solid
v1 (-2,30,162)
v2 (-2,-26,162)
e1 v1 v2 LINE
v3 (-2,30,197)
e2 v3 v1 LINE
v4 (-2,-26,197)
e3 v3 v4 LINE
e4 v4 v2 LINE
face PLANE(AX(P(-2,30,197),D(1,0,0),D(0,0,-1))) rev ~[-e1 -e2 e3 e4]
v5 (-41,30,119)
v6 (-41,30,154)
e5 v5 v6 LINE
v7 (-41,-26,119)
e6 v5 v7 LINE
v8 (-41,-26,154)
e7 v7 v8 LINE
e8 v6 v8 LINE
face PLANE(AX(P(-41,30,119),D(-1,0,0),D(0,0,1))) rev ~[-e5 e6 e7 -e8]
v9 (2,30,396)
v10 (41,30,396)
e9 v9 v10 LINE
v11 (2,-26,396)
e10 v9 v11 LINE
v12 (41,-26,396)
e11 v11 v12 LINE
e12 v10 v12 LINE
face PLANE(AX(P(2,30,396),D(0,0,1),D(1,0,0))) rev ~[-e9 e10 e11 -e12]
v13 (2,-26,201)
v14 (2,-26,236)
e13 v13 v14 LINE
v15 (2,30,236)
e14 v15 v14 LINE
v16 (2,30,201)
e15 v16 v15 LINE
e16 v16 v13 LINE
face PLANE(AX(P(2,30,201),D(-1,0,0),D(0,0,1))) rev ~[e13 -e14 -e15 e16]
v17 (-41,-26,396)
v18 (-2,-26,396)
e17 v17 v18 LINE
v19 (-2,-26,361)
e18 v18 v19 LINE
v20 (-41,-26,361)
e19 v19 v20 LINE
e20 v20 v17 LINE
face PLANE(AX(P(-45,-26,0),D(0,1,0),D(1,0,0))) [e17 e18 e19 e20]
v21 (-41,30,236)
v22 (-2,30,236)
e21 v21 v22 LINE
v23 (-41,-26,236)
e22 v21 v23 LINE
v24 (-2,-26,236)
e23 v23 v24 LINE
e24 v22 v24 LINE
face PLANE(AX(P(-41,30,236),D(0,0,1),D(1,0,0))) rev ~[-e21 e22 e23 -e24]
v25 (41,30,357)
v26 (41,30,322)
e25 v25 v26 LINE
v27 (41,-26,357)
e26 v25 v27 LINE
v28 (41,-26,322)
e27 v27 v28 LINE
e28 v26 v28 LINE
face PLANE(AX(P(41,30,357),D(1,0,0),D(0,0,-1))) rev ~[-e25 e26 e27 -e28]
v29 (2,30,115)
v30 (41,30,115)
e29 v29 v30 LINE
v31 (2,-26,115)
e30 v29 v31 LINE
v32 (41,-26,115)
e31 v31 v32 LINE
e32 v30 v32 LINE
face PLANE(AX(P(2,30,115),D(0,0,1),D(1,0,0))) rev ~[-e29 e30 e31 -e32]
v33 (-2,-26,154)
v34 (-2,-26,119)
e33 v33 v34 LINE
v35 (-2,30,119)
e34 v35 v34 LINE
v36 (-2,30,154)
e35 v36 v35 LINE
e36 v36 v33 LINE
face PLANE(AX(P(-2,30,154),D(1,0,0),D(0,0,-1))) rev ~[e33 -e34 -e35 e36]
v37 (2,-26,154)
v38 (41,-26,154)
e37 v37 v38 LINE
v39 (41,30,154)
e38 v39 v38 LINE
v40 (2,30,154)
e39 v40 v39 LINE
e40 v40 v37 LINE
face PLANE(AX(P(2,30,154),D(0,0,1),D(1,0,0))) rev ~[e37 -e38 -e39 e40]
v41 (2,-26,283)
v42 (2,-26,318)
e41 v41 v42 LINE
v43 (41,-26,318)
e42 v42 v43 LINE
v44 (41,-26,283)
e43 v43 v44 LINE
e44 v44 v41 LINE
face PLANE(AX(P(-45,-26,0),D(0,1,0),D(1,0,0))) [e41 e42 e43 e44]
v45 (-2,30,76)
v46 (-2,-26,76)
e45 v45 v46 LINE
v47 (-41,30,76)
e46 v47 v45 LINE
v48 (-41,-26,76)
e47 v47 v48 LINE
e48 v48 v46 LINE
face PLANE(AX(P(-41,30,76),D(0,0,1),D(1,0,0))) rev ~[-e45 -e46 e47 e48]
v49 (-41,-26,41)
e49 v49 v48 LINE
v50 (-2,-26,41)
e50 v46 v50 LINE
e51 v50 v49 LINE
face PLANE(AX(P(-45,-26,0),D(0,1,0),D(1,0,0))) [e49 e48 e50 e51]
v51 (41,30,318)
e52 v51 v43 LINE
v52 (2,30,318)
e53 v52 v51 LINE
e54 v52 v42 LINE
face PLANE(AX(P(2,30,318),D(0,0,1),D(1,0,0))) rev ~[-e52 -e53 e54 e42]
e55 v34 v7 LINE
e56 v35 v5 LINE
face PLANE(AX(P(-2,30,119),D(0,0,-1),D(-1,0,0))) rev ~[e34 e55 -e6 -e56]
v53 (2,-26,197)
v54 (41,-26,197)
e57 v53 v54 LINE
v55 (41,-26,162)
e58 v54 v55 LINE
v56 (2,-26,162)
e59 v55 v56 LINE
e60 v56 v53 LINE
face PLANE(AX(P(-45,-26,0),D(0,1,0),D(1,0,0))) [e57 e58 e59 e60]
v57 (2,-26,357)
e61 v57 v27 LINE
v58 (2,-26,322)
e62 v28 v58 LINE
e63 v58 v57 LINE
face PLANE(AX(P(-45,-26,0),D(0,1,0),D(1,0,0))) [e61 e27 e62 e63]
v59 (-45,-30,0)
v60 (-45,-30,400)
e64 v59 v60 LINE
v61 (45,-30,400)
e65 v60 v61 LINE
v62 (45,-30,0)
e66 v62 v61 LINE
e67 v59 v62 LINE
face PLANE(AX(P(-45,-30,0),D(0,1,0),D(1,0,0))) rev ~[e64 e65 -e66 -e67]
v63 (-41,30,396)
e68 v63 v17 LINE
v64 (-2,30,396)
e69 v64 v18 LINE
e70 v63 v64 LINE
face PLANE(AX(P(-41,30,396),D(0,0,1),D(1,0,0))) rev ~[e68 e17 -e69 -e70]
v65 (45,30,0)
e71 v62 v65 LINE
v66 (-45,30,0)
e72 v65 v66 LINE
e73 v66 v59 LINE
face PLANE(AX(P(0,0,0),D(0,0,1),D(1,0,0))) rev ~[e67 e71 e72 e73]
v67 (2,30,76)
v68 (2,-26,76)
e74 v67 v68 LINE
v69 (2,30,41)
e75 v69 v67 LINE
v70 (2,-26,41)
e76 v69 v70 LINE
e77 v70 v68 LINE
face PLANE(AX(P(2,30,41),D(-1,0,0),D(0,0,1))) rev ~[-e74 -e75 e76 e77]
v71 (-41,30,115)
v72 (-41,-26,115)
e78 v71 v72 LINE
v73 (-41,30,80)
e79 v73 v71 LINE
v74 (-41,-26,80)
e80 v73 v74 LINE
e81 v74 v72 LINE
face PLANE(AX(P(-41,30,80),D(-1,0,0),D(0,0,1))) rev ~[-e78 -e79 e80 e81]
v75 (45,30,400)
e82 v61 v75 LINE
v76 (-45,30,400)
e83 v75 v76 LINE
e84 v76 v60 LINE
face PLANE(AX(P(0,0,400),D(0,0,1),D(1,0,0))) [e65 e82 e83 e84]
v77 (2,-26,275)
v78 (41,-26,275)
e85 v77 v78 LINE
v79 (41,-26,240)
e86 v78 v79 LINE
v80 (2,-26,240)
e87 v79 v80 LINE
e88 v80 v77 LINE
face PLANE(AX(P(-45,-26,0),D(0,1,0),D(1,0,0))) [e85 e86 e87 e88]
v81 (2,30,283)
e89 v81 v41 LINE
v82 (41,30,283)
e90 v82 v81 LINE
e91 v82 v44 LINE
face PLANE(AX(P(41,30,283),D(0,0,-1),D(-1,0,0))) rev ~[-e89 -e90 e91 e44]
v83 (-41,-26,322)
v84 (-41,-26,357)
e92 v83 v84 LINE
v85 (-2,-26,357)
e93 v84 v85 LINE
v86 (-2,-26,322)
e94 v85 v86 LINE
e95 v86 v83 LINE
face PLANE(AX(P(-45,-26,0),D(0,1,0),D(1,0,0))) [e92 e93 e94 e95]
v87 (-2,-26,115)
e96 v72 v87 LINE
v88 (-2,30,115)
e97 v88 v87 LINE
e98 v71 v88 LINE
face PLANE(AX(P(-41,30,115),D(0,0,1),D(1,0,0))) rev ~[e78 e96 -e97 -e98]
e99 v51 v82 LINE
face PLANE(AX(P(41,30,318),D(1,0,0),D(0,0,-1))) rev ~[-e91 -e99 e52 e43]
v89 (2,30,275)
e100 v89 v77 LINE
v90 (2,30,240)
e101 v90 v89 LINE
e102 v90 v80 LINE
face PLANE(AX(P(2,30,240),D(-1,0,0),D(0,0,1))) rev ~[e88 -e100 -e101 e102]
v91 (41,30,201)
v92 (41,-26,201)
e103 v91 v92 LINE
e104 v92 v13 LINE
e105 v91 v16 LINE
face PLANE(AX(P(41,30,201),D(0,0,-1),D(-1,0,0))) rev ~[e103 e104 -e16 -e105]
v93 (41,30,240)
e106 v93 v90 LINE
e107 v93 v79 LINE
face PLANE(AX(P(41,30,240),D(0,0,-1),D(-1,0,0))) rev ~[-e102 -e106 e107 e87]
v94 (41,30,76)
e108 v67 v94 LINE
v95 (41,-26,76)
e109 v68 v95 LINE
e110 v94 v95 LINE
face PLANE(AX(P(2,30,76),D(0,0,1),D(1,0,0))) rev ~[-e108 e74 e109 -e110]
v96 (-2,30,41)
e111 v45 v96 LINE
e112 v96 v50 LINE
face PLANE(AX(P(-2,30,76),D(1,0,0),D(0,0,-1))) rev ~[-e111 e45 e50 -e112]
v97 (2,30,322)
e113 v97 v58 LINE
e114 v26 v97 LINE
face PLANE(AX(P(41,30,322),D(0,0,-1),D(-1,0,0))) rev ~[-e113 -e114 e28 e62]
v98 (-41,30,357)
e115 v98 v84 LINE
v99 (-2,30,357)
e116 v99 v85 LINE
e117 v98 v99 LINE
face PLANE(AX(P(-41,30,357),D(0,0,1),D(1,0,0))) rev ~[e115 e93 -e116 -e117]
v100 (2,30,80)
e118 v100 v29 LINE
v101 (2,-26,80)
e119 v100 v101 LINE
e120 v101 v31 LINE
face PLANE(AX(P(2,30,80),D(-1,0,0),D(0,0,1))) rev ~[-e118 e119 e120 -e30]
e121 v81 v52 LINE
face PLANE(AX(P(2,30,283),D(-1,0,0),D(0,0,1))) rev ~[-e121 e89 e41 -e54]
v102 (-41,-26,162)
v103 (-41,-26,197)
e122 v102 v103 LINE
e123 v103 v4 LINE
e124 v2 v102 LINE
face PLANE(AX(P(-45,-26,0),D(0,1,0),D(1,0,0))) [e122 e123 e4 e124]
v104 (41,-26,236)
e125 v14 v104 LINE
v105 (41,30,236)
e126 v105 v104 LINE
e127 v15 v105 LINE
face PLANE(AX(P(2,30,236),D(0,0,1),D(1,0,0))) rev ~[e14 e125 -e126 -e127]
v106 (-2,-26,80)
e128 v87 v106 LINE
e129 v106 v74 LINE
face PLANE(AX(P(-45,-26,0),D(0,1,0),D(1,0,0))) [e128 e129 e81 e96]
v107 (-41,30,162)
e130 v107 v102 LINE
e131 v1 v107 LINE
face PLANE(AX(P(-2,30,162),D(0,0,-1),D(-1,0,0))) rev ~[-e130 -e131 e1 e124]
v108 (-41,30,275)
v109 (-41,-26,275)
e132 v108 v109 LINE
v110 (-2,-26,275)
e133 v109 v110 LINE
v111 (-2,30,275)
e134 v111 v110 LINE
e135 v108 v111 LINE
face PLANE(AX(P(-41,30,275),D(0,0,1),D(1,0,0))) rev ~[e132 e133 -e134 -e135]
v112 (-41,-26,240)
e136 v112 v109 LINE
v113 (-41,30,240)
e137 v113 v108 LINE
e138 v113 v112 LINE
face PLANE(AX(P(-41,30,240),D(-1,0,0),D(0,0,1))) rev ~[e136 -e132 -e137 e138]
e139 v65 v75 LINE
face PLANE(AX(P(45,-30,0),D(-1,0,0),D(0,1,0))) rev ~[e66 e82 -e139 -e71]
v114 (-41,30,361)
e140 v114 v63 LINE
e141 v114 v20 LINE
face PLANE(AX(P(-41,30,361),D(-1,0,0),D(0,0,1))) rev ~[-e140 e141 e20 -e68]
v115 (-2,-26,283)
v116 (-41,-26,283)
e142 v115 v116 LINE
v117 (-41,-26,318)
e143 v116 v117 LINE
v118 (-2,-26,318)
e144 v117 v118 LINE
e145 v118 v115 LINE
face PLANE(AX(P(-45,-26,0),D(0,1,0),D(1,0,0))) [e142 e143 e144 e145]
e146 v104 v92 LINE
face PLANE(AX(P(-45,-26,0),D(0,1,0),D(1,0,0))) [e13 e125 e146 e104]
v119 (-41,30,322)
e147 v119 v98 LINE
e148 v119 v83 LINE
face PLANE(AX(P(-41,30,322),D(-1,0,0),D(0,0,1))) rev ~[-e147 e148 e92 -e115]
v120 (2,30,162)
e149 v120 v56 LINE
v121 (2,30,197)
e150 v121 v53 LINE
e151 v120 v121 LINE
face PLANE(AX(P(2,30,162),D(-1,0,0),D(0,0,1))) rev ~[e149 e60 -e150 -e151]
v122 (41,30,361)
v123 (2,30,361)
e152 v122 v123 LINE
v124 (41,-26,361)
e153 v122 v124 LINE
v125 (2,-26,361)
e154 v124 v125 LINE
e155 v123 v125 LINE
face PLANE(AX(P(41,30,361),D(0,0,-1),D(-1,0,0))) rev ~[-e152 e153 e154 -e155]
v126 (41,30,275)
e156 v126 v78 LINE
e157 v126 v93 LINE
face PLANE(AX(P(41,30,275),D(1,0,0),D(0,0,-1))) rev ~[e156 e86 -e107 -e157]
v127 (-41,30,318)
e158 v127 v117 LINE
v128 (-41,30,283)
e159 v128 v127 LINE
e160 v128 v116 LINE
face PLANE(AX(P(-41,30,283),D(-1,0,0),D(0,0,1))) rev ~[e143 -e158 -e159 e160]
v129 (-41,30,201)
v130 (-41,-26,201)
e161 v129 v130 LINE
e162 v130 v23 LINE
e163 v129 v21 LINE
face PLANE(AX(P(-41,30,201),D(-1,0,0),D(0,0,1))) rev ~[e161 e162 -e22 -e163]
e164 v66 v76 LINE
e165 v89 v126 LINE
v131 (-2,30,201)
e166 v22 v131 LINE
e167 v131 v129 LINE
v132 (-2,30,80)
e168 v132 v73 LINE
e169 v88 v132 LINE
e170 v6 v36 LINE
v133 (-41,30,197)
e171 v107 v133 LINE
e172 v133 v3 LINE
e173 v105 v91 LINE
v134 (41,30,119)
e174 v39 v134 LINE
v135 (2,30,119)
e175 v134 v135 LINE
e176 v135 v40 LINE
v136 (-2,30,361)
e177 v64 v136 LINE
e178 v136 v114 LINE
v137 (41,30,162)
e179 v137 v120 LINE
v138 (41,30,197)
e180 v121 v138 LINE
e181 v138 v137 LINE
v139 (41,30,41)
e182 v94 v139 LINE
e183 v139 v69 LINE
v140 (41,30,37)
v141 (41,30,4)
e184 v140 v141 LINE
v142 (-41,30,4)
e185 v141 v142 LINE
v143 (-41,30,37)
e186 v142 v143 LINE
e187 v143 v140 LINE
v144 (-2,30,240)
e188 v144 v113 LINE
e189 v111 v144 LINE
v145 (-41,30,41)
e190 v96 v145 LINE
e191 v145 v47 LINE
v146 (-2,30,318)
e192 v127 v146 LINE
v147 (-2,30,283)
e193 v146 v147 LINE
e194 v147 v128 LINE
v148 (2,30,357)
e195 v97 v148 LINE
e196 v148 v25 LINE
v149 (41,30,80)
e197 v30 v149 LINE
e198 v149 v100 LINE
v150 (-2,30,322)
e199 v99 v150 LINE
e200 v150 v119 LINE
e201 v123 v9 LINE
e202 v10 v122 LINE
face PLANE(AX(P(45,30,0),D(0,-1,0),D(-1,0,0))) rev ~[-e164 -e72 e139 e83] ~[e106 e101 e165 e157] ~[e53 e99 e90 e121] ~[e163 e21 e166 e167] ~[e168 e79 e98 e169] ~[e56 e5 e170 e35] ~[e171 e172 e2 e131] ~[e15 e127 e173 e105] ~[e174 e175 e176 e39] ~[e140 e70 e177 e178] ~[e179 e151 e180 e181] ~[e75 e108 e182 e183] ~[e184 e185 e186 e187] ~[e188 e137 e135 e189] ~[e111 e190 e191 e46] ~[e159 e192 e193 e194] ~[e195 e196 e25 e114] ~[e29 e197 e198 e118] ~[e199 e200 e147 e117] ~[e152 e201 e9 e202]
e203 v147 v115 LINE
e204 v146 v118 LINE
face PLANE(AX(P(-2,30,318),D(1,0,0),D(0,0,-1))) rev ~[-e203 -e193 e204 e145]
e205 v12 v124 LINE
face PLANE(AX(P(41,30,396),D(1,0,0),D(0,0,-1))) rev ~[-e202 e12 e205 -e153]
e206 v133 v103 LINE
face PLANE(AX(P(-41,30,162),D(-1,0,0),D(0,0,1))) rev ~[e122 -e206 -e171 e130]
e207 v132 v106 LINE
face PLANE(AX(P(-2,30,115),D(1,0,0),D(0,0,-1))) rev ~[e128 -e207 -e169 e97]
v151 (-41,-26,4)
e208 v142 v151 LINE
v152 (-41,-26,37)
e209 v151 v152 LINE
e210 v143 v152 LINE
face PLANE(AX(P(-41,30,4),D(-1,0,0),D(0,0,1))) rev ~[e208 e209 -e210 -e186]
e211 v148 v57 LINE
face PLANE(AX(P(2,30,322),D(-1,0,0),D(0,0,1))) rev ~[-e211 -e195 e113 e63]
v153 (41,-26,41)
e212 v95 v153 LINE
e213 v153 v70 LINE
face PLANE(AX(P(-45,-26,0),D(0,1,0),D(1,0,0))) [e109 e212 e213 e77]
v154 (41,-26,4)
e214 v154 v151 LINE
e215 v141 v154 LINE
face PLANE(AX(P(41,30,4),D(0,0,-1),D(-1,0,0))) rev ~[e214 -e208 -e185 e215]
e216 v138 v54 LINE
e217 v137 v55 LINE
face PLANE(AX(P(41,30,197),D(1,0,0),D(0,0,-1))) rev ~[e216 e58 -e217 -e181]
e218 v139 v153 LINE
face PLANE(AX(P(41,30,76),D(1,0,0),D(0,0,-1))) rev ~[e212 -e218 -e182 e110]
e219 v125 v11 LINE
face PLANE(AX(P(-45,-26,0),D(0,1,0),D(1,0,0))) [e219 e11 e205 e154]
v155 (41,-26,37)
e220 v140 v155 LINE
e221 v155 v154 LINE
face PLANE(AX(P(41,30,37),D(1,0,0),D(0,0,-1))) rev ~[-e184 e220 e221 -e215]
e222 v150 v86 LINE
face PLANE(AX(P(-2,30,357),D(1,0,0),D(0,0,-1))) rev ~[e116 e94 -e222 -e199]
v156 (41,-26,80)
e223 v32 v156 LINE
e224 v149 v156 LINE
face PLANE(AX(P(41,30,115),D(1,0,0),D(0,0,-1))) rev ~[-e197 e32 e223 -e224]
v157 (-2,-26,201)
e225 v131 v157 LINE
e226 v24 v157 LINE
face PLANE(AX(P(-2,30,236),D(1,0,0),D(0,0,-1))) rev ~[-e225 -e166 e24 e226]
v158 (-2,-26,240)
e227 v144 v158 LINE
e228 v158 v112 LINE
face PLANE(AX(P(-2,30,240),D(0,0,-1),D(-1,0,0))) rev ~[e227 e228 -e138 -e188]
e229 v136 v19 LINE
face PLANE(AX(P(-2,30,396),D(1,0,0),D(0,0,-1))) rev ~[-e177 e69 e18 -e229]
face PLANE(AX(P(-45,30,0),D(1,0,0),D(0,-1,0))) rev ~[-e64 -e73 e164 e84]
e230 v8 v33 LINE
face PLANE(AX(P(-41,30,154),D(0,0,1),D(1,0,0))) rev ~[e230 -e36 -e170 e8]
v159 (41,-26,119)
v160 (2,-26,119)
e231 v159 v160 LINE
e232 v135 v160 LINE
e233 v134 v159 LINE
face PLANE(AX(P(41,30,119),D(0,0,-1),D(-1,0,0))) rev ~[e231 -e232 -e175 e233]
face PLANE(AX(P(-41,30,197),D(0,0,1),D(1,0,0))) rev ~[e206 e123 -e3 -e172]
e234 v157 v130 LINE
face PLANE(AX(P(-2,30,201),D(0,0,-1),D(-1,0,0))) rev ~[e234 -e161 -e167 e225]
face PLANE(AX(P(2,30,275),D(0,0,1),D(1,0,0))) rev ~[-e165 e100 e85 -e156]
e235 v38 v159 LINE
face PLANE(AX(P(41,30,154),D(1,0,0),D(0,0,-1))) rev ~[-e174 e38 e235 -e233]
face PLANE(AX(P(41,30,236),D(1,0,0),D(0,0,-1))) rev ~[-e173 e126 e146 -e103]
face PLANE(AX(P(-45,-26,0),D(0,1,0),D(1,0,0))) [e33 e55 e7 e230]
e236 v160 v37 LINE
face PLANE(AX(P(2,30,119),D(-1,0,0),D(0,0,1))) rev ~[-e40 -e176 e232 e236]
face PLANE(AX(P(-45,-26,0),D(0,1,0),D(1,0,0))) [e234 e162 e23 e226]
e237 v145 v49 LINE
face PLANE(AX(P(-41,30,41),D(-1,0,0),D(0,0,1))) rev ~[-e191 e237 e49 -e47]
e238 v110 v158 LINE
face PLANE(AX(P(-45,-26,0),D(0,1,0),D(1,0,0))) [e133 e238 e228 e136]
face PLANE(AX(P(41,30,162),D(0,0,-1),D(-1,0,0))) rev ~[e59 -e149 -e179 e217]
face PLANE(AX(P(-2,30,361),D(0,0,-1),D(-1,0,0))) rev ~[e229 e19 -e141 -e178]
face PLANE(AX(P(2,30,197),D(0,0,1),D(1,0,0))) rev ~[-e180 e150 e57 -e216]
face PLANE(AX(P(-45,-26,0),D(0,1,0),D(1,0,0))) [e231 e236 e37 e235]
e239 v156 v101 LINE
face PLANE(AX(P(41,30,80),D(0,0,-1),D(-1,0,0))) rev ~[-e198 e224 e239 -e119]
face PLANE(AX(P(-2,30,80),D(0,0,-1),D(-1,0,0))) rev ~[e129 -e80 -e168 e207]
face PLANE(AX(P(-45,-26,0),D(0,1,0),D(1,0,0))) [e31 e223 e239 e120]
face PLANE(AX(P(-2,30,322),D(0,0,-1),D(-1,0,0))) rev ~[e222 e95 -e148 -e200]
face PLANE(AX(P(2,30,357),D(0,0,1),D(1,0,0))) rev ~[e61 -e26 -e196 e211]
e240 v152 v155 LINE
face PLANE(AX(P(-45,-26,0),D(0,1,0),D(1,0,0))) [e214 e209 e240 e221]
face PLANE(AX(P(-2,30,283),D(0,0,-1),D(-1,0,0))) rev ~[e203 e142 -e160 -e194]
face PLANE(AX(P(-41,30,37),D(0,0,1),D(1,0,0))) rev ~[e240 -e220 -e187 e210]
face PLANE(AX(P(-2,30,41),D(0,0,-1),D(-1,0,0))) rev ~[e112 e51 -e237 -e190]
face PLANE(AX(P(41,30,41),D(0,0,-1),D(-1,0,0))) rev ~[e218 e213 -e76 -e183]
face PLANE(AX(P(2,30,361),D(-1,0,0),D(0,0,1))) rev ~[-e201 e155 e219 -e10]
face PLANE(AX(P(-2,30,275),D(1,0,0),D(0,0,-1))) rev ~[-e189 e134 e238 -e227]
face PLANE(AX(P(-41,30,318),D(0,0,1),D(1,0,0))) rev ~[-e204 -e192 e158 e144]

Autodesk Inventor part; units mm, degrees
ref_plane "YZ Plane" through (0, 0, 0) normal (1, 0, 0) x (0, 1, 0)
sketch "Sketch1" plane through (0, 0, 0) normal (0, 0, 1) x (1, 0, 0)
  line L0 (-45, -30) -> (45, -30)
  line L1 (45, -30) -> (45, 30)
  line L2 (45, 30) -> (-45, 30)
  line L3 (-45, 30) -> (-45, -30)
  line L4 (-45, -30) -> (45, 30) construction
  line L5 (45, -30) -> (-45, 30) construction
  point P0 (0, 0)
  dimension "d0" = 90
  dimension "d1" = 60
extrude "Extrusion1" add sketch "Sketch1" along normal blind 400
sketch "Sketch3" plane through (-45, 30, 0) normal (0, 1, 0) x (1, 0, 0)
  line L0 (4, -396) -> (43, -396)
  line L1 (43, -396) -> (43, -361)
  line L2 (43, -361) -> (4, -361)
  line L3 (4, -361) -> (4, -396)
  line L4 (90, -400) -> (0, -400) projected
  line L5 (0, 0) -> (0, -400) projected
  line L6 (47, -396) -> (86, -396)
  line L7 (86, -396) -> (86, -361)
  line L8 (86, -361) -> (47, -361)
  line L9 (47, -361) -> (47, -396)
  line L10 (90, 0) -> (90, -400) projected
  line L11 (4, -37) -> (86, -37)
  line L12 (86, -37) -> (86, -4)
  line L13 (86, -4) -> (4, -4)
  line L14 (4, -4) -> (4, -37)
  line L15 (90, 0) -> (0, 0) projected
  line L16 (43, -322) -> (4, -322)
  line L17 (4, -322) -> (4, -357)
  line L18 (4, -357) -> (43, -357)
  line L19 (43, -357) -> (43, -322)
  line L20 (47, -322) -> (47, -357)
  line L21 (86, -322) -> (47, -322)
  line L22 (47, -357) -> (86, -357)
  line L23 (86, -357) -> (86, -322)
  line L24 (43, -283) -> (4, -283)
  line L25 (4, -283) -> (4, -318)
  line L26 (4, -318) -> (43, -318)
  line L27 (43, -318) -> (43, -283)
  line L28 (47, -283) -> (47, -318)
  line L29 (86, -283) -> (47, -283)
  line L30 (47, -318) -> (86, -318)
  line L31 (86, -318) -> (86, -283)
  line L32 (43, -162) -> (4, -162)
  line L33 (4, -162) -> (4, -197)
  line L34 (4, -197) -> (43, -197)
  line L35 (47, -162) -> (47, -197)
  line L36 (43, -201) -> (4, -201)
  line L37 (4, -201) -> (4, -236)
  line L38 (4, -236) -> (43, -236)
  line L39 (86, -240) -> (47, -240)
  line L40 (43, -275) -> (43, -240)
  line L41 (4, -275) -> (43, -275)
  line L42 (43, -197) -> (43, -162)
  line L43 (86, -275) -> (86, -240)
  line L44 (4, -240) -> (4, -275)
  line L45 (43, -240) -> (4, -240)
  line L46 (47, -240) -> (47, -275)
  line L47 (47, -275) -> (86, -275)
  line L48 (86, -162) -> (47, -162)
  line L49 (86, -197) -> (86, -162)
  line L50 (43, -236) -> (43, -201)
  line L51 (47, -201) -> (47, -236)
  line L52 (47, -197) -> (86, -197)
  line L53 (86, -201) -> (47, -201)
  line L54 (86, -236) -> (86, -201)
  line L55 (47, -236) -> (86, -236)
  line L56 (43, -41) -> (4, -41)
  line L57 (4, -41) -> (4, -76)
  line L58 (4, -76) -> (43, -76)
  line L59 (47, -41) -> (47, -76)
  line L60 (43, -80) -> (4, -80)
  line L61 (4, -80) -> (4, -115)
  line L62 (4, -115) -> (43, -115)
  line L63 (86, -119) -> (47, -119)
  line L64 (43, -154) -> (43, -119)
  line L65 (4, -154) -> (43, -154)
  line L66 (43, -76) -> (43, -41)
  line L67 (86, -154) -> (86, -119)
  line L68 (4, -119) -> (4, -154)
  line L69 (43, -119) -> (4, -119)
  line L70 (47, -119) -> (47, -154)
  line L71 (47, -154) -> (86, -154)
  line L72 (86, -41) -> (47, -41)
  line L73 (86, -76) -> (86, -41)
  line L74 (43, -115) -> (43, -80)
  line L75 (47, -80) -> (47, -115)
  line L76 (47, -76) -> (86, -76)
  line L77 (86, -80) -> (47, -80)
  line L78 (86, -115) -> (86, -80)
  line L79 (47, -115) -> (86, -115)
  point P0 (45, 0)
  point P1 (0, -361)
  point P2 (90, -361)
  point P3 (0, -322)
  point P4 (90, -322)
  point P5 (0, -201)
  point P6 (0, -240)
  point P7 (0, -279)
  point P8 (90, -279)
  point P9 (90, -201)
  point P10 (90, -240)
  point P11 (0, -80)
  point P12 (0, -119)
  point P13 (0, -158)
  point P14 (90, -158)
  point P15 (90, -80)
  point P16 (90, -119)
  dimension "d4" = 4
  dimension "d7" = 4
  dimension "d9" = 35
  dimension "d19" = 4
  dimension "d20" = 4
  dimension "d21" = 4
  dimension "d38" = 4
  dimension "d39" = 4
  dimension "d41" = 4
  dimension "d44" = 39
  dimension "d51" = 121
  dimension "d56" = 4
extrude "Extrusion2" cut sketch "Sketch3" against normal blind 56 contours L3 L2 L1 L0 | L9 L8 L7 L6 | L14 L13 L12 L11 | L19 L18 L17 L16 | L21 L23 L22 L20 | L27 L26 L25 L24 | L29 L31 L30 L28 | L42 L34 L33 L32 | L48 L49 L52 L35 | L50 L38 L37 L36 | L43 L47 L46 L39 | L41 L44 L45 L40 | L53 L54 L55 L51 | L66 L58 L57 L56 | L72 L73 L76 L59 | L74 L62 L61 L60 | L67 L71 L70 L63 | L65 L68 L69 L64 | L77 L78 L79 L75
ref_plane "Work Plane1" through (0, 0, 200) normal (0, 0, 1) x (1, 0, 0)
ref_plane "Work Plane2" through (0, -30, 0) normal (1, 0, 0) x (0, 0, -1)
properties part number "Contenedor2" material "ABS Plastic"
